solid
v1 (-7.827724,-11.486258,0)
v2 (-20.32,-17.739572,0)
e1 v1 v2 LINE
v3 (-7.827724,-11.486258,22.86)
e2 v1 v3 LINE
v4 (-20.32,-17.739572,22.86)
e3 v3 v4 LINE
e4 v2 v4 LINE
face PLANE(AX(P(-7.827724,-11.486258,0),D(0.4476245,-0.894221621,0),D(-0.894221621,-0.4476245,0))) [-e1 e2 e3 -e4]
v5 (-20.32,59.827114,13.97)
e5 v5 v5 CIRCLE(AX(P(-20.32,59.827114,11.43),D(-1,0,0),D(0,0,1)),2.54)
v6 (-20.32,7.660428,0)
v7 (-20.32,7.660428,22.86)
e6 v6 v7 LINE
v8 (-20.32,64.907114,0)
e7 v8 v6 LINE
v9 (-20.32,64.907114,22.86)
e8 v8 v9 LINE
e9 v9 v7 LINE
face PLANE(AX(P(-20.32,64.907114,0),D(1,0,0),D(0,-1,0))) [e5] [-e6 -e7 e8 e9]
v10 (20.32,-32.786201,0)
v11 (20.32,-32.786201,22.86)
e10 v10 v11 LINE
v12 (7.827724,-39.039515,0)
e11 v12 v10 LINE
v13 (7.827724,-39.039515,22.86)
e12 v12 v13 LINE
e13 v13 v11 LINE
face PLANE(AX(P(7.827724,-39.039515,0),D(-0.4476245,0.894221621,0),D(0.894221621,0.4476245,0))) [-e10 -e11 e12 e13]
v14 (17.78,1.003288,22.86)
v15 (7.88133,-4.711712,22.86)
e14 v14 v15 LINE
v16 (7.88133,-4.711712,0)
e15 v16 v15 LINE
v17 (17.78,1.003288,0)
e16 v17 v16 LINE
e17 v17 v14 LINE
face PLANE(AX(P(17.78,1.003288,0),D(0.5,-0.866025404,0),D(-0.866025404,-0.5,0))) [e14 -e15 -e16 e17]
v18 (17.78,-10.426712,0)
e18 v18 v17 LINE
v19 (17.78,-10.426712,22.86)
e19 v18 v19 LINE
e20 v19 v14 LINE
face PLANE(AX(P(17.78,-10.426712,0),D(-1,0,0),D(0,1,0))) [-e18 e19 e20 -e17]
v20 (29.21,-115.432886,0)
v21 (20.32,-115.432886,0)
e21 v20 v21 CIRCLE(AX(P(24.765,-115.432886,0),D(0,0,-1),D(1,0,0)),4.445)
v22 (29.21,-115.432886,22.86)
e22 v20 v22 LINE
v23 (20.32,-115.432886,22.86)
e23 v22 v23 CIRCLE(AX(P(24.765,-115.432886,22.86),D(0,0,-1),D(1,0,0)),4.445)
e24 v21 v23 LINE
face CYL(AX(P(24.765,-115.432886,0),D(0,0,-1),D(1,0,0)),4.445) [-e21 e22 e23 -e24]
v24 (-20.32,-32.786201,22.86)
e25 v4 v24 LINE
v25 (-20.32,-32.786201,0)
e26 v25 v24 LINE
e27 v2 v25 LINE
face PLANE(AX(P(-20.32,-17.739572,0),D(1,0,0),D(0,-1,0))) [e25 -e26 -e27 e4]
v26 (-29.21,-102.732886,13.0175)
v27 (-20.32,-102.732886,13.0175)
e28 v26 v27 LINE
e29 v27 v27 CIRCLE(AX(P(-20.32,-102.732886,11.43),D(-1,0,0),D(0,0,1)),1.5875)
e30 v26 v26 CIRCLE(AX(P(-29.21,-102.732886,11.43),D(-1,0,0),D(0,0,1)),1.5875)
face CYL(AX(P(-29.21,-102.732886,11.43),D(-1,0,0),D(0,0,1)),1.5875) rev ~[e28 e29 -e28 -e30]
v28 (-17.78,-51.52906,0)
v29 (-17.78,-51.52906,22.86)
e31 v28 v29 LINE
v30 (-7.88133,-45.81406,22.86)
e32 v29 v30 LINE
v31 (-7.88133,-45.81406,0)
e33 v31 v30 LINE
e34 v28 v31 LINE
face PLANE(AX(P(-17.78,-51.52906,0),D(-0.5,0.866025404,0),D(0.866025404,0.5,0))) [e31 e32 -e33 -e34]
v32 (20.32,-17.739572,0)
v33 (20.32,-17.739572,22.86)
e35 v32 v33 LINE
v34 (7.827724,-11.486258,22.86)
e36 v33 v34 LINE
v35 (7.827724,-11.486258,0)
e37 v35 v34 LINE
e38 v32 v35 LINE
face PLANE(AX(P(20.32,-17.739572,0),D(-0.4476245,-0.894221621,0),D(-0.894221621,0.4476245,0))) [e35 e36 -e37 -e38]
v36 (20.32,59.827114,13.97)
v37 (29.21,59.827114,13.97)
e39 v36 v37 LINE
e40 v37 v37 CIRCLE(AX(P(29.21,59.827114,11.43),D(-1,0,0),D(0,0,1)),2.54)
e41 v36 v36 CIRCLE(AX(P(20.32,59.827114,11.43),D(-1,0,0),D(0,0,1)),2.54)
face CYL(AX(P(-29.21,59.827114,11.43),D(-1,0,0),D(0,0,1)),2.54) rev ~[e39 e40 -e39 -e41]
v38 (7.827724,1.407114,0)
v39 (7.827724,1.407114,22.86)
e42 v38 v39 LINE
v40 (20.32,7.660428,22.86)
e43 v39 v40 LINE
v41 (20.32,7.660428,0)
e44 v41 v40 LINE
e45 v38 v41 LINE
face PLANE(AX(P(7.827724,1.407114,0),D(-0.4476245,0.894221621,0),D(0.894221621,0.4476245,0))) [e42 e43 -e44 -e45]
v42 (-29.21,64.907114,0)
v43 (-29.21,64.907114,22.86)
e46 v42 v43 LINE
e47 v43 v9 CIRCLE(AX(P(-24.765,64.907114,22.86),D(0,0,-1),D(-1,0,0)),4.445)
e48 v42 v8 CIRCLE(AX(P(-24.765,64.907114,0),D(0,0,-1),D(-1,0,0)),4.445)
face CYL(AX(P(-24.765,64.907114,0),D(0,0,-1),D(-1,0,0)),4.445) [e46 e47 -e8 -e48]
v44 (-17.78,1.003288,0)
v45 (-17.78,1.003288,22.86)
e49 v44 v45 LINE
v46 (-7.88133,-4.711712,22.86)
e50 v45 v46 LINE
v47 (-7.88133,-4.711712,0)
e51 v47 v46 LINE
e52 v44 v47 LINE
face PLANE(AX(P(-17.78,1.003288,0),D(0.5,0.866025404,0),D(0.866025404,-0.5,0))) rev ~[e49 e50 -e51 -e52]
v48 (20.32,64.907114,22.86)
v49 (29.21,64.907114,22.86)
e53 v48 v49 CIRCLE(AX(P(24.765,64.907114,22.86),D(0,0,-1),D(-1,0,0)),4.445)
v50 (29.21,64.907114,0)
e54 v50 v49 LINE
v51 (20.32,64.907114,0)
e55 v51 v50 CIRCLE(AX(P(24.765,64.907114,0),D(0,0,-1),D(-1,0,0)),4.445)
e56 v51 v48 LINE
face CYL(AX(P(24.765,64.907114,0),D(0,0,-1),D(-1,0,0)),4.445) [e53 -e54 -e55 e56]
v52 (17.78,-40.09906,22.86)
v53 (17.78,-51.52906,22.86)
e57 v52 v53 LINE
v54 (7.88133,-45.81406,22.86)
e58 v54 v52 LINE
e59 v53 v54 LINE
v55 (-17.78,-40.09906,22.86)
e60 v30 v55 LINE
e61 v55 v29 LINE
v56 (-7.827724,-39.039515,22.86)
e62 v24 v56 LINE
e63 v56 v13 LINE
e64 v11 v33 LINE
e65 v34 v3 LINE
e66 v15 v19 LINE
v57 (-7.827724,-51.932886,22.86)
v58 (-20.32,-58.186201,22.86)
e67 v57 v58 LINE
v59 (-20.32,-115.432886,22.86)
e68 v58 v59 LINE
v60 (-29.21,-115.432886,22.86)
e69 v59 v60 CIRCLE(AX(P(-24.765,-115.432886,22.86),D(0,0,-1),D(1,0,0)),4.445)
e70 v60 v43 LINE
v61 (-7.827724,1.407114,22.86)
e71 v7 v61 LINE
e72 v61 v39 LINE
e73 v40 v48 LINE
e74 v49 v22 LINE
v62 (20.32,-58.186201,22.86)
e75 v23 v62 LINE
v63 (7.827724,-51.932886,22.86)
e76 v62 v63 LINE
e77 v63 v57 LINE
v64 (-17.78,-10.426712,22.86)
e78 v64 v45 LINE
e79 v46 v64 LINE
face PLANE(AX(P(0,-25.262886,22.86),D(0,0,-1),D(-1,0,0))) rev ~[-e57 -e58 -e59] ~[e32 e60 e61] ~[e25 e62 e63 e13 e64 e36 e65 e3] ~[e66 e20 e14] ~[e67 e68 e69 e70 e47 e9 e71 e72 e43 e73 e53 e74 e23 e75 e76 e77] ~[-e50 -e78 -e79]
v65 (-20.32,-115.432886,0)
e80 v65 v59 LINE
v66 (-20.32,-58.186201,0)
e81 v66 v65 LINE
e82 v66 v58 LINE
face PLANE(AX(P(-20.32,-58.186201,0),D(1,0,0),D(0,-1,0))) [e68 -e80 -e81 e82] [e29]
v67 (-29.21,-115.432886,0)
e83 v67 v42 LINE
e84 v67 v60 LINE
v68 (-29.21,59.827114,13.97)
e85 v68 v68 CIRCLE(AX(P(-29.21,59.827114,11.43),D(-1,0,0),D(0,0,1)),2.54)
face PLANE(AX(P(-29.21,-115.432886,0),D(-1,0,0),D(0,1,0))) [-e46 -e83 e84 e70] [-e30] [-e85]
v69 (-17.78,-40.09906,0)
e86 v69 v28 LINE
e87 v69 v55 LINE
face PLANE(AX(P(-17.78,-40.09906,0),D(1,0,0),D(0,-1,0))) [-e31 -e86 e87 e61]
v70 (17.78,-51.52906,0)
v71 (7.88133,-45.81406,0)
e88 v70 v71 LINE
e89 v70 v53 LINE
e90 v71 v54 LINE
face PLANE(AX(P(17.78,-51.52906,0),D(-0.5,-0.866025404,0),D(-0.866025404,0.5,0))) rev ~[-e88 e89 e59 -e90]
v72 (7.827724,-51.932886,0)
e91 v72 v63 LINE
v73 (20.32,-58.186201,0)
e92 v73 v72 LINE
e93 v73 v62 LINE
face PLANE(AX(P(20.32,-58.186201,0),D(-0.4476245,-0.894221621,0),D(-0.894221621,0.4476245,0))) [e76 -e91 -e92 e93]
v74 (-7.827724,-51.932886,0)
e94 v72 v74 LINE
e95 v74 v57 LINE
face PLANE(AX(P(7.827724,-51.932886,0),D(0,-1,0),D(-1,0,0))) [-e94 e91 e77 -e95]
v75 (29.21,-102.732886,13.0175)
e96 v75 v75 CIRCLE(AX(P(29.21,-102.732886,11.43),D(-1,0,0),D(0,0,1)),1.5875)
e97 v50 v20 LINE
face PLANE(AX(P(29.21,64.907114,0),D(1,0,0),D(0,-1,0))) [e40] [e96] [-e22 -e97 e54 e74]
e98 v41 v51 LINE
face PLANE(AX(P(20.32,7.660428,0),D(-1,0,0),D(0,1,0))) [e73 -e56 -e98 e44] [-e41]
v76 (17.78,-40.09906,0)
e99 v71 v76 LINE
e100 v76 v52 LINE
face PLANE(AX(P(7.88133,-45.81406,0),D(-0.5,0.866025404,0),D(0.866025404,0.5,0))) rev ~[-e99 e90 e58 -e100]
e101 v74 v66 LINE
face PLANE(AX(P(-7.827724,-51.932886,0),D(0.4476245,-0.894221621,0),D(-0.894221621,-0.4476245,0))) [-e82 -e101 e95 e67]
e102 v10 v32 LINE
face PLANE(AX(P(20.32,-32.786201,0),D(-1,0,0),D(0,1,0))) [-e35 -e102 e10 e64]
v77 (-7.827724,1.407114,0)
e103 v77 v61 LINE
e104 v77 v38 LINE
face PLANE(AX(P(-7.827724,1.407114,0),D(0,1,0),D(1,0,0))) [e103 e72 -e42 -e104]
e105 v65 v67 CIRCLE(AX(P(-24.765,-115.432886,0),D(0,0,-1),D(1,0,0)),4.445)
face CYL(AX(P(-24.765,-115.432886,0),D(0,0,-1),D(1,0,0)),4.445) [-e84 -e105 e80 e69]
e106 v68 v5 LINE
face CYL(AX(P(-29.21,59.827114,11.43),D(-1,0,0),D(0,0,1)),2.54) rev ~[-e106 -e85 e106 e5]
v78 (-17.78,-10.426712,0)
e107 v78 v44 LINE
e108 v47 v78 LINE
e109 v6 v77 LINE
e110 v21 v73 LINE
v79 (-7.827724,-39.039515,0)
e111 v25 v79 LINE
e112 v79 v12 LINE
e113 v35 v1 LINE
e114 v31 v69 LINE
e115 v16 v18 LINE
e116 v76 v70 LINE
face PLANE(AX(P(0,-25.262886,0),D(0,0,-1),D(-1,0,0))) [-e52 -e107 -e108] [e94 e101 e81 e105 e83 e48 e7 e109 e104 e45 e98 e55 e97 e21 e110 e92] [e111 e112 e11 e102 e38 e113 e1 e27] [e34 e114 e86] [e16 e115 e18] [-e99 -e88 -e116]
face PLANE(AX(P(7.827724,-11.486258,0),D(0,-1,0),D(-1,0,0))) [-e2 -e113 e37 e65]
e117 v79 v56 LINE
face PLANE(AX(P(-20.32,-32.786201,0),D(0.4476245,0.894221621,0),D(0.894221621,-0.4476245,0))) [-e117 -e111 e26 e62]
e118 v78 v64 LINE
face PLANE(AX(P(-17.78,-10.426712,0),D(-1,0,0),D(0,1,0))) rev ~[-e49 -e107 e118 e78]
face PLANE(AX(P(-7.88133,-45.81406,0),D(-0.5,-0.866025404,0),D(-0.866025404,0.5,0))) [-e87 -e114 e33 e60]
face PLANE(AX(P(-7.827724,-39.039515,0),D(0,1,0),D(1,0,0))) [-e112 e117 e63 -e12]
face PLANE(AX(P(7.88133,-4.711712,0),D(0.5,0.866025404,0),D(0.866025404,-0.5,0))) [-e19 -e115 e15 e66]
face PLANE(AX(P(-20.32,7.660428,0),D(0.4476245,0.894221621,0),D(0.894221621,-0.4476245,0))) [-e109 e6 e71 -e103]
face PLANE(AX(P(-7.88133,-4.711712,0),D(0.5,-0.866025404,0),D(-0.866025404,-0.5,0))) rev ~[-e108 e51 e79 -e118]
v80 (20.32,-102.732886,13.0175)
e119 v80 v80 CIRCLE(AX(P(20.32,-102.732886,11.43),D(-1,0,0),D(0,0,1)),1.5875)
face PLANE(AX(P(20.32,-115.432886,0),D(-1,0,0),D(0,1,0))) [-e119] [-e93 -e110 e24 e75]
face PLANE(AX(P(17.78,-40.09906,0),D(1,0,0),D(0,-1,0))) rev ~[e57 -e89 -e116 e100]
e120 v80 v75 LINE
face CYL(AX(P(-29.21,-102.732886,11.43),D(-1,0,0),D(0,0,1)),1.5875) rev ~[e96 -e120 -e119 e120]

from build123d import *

# Parameters (mm, degrees)
BOSS_EXTRUDE1_DEPTH = 22.86
SKETCH3_R           = 1.5875
CUT_EXTRUDE1_DEPTH  = 136.30034598
SKETCH4_R           = 2.54
CUT_EXTRUDE2_DEPTH  = 136.30034598


with BuildPart() as part:
    # Sketch2 → Boss-Extrude1 (new body)
    with BuildSketch(Plane.XY):
        with BuildLine():
            Line((-20.32, 64.907113706), (-20.32, 7.660427971))
            Line((-20.32, 7.660427971), (-7.827723958, 1.407113706))
            Line((-7.827723958, 1.407113706), (7.827723958, 1.407113706))
            Line((7.827723958, 1.407113706), (20.32, 7.660427971))
            Line((20.32, 7.660427971), (20.32, 64.907113706))
            ThreePointArc((20.32, 64.907113706), (24.765, 69.352113706), (29.21, 64.907113706))
            Line((29.21, 64.907113706), (29.21, -115.432886294))
            ThreePointArc((29.21, -115.432886294), (24.765, -119.877886294), (20.32, -115.432886294))
            Line((20.32, -115.432886294), (20.32, -58.186200558))
            Line((20.32, -58.186200558), (7.827723958, -51.932886294))
            Line((7.827723958, -51.932886294), (-7.827723958, -51.932886294))
            Line((-7.827723958, -51.932886294), (-20.32, -58.186200558))
            Line((-20.32, -58.186200558), (-20.32, -115.432886294))
            ThreePointArc((-20.32, -115.432886294), (-24.765, -119.877886294), (-29.21, -115.432886294))
            Line((-29.21, -115.432886294), (-29.21, 64.907113706))
            ThreePointArc((-29.21, 64.907113706), (-24.765, 69.352113706), (-20.32, 64.907113706))
        make_face()
        Polygon((-17.78, -40.099060348), (-17.78, -51.529060348), (-7.881329635, -45.814060348), align=None, mode=Mode.SUBTRACT)
        Polygon((-20.32, -32.786200558), (-7.827723958, -39.039514822), (7.827723958, -39.039514822), (20.32, -32.786200558), (20.32, -17.739572029), (7.827723958, -11.486257765), (-7.827723958, -11.486257765), (-20.32, -17.739572029), align=None, mode=Mode.SUBTRACT)
        Polygon((-17.78, 1.003287761), (-7.881329635, -4.711712239), (-17.78, -10.426712239), align=None, mode=Mode.SUBTRACT)
        Polygon((17.78, -51.529060348), (7.881329635, -45.814060348), (17.78, -40.099060348), align=None, mode=Mode.SUBTRACT)
        Polygon((17.78, -10.426712239), (17.78, 1.003287761), (7.881329635, -4.711712239), align=None, mode=Mode.SUBTRACT)
    extrude(amount=BOSS_EXTRUDE1_DEPTH)

    # Sketch3 → Cut-Extrude1 (cut, through all)
    with BuildSketch(Plane.ZY.offset(29.21)):
        with Locations((11.43, -102.732886294)):
            Circle(SKETCH3_R)
    extrude(amount=-CUT_EXTRUDE1_DEPTH, mode=Mode.SUBTRACT)

    # Sketch4 → Cut-Extrude2 (cut, through all)
    with BuildSketch(Plane.ZY.offset(29.21)):
        with Locations((11.43, 59.827113706)):
            Circle(SKETCH4_R)
    extrude(amount=-CUT_EXTRUDE2_DEPTH, mode=Mode.SUBTRACT)


solid = part.part
